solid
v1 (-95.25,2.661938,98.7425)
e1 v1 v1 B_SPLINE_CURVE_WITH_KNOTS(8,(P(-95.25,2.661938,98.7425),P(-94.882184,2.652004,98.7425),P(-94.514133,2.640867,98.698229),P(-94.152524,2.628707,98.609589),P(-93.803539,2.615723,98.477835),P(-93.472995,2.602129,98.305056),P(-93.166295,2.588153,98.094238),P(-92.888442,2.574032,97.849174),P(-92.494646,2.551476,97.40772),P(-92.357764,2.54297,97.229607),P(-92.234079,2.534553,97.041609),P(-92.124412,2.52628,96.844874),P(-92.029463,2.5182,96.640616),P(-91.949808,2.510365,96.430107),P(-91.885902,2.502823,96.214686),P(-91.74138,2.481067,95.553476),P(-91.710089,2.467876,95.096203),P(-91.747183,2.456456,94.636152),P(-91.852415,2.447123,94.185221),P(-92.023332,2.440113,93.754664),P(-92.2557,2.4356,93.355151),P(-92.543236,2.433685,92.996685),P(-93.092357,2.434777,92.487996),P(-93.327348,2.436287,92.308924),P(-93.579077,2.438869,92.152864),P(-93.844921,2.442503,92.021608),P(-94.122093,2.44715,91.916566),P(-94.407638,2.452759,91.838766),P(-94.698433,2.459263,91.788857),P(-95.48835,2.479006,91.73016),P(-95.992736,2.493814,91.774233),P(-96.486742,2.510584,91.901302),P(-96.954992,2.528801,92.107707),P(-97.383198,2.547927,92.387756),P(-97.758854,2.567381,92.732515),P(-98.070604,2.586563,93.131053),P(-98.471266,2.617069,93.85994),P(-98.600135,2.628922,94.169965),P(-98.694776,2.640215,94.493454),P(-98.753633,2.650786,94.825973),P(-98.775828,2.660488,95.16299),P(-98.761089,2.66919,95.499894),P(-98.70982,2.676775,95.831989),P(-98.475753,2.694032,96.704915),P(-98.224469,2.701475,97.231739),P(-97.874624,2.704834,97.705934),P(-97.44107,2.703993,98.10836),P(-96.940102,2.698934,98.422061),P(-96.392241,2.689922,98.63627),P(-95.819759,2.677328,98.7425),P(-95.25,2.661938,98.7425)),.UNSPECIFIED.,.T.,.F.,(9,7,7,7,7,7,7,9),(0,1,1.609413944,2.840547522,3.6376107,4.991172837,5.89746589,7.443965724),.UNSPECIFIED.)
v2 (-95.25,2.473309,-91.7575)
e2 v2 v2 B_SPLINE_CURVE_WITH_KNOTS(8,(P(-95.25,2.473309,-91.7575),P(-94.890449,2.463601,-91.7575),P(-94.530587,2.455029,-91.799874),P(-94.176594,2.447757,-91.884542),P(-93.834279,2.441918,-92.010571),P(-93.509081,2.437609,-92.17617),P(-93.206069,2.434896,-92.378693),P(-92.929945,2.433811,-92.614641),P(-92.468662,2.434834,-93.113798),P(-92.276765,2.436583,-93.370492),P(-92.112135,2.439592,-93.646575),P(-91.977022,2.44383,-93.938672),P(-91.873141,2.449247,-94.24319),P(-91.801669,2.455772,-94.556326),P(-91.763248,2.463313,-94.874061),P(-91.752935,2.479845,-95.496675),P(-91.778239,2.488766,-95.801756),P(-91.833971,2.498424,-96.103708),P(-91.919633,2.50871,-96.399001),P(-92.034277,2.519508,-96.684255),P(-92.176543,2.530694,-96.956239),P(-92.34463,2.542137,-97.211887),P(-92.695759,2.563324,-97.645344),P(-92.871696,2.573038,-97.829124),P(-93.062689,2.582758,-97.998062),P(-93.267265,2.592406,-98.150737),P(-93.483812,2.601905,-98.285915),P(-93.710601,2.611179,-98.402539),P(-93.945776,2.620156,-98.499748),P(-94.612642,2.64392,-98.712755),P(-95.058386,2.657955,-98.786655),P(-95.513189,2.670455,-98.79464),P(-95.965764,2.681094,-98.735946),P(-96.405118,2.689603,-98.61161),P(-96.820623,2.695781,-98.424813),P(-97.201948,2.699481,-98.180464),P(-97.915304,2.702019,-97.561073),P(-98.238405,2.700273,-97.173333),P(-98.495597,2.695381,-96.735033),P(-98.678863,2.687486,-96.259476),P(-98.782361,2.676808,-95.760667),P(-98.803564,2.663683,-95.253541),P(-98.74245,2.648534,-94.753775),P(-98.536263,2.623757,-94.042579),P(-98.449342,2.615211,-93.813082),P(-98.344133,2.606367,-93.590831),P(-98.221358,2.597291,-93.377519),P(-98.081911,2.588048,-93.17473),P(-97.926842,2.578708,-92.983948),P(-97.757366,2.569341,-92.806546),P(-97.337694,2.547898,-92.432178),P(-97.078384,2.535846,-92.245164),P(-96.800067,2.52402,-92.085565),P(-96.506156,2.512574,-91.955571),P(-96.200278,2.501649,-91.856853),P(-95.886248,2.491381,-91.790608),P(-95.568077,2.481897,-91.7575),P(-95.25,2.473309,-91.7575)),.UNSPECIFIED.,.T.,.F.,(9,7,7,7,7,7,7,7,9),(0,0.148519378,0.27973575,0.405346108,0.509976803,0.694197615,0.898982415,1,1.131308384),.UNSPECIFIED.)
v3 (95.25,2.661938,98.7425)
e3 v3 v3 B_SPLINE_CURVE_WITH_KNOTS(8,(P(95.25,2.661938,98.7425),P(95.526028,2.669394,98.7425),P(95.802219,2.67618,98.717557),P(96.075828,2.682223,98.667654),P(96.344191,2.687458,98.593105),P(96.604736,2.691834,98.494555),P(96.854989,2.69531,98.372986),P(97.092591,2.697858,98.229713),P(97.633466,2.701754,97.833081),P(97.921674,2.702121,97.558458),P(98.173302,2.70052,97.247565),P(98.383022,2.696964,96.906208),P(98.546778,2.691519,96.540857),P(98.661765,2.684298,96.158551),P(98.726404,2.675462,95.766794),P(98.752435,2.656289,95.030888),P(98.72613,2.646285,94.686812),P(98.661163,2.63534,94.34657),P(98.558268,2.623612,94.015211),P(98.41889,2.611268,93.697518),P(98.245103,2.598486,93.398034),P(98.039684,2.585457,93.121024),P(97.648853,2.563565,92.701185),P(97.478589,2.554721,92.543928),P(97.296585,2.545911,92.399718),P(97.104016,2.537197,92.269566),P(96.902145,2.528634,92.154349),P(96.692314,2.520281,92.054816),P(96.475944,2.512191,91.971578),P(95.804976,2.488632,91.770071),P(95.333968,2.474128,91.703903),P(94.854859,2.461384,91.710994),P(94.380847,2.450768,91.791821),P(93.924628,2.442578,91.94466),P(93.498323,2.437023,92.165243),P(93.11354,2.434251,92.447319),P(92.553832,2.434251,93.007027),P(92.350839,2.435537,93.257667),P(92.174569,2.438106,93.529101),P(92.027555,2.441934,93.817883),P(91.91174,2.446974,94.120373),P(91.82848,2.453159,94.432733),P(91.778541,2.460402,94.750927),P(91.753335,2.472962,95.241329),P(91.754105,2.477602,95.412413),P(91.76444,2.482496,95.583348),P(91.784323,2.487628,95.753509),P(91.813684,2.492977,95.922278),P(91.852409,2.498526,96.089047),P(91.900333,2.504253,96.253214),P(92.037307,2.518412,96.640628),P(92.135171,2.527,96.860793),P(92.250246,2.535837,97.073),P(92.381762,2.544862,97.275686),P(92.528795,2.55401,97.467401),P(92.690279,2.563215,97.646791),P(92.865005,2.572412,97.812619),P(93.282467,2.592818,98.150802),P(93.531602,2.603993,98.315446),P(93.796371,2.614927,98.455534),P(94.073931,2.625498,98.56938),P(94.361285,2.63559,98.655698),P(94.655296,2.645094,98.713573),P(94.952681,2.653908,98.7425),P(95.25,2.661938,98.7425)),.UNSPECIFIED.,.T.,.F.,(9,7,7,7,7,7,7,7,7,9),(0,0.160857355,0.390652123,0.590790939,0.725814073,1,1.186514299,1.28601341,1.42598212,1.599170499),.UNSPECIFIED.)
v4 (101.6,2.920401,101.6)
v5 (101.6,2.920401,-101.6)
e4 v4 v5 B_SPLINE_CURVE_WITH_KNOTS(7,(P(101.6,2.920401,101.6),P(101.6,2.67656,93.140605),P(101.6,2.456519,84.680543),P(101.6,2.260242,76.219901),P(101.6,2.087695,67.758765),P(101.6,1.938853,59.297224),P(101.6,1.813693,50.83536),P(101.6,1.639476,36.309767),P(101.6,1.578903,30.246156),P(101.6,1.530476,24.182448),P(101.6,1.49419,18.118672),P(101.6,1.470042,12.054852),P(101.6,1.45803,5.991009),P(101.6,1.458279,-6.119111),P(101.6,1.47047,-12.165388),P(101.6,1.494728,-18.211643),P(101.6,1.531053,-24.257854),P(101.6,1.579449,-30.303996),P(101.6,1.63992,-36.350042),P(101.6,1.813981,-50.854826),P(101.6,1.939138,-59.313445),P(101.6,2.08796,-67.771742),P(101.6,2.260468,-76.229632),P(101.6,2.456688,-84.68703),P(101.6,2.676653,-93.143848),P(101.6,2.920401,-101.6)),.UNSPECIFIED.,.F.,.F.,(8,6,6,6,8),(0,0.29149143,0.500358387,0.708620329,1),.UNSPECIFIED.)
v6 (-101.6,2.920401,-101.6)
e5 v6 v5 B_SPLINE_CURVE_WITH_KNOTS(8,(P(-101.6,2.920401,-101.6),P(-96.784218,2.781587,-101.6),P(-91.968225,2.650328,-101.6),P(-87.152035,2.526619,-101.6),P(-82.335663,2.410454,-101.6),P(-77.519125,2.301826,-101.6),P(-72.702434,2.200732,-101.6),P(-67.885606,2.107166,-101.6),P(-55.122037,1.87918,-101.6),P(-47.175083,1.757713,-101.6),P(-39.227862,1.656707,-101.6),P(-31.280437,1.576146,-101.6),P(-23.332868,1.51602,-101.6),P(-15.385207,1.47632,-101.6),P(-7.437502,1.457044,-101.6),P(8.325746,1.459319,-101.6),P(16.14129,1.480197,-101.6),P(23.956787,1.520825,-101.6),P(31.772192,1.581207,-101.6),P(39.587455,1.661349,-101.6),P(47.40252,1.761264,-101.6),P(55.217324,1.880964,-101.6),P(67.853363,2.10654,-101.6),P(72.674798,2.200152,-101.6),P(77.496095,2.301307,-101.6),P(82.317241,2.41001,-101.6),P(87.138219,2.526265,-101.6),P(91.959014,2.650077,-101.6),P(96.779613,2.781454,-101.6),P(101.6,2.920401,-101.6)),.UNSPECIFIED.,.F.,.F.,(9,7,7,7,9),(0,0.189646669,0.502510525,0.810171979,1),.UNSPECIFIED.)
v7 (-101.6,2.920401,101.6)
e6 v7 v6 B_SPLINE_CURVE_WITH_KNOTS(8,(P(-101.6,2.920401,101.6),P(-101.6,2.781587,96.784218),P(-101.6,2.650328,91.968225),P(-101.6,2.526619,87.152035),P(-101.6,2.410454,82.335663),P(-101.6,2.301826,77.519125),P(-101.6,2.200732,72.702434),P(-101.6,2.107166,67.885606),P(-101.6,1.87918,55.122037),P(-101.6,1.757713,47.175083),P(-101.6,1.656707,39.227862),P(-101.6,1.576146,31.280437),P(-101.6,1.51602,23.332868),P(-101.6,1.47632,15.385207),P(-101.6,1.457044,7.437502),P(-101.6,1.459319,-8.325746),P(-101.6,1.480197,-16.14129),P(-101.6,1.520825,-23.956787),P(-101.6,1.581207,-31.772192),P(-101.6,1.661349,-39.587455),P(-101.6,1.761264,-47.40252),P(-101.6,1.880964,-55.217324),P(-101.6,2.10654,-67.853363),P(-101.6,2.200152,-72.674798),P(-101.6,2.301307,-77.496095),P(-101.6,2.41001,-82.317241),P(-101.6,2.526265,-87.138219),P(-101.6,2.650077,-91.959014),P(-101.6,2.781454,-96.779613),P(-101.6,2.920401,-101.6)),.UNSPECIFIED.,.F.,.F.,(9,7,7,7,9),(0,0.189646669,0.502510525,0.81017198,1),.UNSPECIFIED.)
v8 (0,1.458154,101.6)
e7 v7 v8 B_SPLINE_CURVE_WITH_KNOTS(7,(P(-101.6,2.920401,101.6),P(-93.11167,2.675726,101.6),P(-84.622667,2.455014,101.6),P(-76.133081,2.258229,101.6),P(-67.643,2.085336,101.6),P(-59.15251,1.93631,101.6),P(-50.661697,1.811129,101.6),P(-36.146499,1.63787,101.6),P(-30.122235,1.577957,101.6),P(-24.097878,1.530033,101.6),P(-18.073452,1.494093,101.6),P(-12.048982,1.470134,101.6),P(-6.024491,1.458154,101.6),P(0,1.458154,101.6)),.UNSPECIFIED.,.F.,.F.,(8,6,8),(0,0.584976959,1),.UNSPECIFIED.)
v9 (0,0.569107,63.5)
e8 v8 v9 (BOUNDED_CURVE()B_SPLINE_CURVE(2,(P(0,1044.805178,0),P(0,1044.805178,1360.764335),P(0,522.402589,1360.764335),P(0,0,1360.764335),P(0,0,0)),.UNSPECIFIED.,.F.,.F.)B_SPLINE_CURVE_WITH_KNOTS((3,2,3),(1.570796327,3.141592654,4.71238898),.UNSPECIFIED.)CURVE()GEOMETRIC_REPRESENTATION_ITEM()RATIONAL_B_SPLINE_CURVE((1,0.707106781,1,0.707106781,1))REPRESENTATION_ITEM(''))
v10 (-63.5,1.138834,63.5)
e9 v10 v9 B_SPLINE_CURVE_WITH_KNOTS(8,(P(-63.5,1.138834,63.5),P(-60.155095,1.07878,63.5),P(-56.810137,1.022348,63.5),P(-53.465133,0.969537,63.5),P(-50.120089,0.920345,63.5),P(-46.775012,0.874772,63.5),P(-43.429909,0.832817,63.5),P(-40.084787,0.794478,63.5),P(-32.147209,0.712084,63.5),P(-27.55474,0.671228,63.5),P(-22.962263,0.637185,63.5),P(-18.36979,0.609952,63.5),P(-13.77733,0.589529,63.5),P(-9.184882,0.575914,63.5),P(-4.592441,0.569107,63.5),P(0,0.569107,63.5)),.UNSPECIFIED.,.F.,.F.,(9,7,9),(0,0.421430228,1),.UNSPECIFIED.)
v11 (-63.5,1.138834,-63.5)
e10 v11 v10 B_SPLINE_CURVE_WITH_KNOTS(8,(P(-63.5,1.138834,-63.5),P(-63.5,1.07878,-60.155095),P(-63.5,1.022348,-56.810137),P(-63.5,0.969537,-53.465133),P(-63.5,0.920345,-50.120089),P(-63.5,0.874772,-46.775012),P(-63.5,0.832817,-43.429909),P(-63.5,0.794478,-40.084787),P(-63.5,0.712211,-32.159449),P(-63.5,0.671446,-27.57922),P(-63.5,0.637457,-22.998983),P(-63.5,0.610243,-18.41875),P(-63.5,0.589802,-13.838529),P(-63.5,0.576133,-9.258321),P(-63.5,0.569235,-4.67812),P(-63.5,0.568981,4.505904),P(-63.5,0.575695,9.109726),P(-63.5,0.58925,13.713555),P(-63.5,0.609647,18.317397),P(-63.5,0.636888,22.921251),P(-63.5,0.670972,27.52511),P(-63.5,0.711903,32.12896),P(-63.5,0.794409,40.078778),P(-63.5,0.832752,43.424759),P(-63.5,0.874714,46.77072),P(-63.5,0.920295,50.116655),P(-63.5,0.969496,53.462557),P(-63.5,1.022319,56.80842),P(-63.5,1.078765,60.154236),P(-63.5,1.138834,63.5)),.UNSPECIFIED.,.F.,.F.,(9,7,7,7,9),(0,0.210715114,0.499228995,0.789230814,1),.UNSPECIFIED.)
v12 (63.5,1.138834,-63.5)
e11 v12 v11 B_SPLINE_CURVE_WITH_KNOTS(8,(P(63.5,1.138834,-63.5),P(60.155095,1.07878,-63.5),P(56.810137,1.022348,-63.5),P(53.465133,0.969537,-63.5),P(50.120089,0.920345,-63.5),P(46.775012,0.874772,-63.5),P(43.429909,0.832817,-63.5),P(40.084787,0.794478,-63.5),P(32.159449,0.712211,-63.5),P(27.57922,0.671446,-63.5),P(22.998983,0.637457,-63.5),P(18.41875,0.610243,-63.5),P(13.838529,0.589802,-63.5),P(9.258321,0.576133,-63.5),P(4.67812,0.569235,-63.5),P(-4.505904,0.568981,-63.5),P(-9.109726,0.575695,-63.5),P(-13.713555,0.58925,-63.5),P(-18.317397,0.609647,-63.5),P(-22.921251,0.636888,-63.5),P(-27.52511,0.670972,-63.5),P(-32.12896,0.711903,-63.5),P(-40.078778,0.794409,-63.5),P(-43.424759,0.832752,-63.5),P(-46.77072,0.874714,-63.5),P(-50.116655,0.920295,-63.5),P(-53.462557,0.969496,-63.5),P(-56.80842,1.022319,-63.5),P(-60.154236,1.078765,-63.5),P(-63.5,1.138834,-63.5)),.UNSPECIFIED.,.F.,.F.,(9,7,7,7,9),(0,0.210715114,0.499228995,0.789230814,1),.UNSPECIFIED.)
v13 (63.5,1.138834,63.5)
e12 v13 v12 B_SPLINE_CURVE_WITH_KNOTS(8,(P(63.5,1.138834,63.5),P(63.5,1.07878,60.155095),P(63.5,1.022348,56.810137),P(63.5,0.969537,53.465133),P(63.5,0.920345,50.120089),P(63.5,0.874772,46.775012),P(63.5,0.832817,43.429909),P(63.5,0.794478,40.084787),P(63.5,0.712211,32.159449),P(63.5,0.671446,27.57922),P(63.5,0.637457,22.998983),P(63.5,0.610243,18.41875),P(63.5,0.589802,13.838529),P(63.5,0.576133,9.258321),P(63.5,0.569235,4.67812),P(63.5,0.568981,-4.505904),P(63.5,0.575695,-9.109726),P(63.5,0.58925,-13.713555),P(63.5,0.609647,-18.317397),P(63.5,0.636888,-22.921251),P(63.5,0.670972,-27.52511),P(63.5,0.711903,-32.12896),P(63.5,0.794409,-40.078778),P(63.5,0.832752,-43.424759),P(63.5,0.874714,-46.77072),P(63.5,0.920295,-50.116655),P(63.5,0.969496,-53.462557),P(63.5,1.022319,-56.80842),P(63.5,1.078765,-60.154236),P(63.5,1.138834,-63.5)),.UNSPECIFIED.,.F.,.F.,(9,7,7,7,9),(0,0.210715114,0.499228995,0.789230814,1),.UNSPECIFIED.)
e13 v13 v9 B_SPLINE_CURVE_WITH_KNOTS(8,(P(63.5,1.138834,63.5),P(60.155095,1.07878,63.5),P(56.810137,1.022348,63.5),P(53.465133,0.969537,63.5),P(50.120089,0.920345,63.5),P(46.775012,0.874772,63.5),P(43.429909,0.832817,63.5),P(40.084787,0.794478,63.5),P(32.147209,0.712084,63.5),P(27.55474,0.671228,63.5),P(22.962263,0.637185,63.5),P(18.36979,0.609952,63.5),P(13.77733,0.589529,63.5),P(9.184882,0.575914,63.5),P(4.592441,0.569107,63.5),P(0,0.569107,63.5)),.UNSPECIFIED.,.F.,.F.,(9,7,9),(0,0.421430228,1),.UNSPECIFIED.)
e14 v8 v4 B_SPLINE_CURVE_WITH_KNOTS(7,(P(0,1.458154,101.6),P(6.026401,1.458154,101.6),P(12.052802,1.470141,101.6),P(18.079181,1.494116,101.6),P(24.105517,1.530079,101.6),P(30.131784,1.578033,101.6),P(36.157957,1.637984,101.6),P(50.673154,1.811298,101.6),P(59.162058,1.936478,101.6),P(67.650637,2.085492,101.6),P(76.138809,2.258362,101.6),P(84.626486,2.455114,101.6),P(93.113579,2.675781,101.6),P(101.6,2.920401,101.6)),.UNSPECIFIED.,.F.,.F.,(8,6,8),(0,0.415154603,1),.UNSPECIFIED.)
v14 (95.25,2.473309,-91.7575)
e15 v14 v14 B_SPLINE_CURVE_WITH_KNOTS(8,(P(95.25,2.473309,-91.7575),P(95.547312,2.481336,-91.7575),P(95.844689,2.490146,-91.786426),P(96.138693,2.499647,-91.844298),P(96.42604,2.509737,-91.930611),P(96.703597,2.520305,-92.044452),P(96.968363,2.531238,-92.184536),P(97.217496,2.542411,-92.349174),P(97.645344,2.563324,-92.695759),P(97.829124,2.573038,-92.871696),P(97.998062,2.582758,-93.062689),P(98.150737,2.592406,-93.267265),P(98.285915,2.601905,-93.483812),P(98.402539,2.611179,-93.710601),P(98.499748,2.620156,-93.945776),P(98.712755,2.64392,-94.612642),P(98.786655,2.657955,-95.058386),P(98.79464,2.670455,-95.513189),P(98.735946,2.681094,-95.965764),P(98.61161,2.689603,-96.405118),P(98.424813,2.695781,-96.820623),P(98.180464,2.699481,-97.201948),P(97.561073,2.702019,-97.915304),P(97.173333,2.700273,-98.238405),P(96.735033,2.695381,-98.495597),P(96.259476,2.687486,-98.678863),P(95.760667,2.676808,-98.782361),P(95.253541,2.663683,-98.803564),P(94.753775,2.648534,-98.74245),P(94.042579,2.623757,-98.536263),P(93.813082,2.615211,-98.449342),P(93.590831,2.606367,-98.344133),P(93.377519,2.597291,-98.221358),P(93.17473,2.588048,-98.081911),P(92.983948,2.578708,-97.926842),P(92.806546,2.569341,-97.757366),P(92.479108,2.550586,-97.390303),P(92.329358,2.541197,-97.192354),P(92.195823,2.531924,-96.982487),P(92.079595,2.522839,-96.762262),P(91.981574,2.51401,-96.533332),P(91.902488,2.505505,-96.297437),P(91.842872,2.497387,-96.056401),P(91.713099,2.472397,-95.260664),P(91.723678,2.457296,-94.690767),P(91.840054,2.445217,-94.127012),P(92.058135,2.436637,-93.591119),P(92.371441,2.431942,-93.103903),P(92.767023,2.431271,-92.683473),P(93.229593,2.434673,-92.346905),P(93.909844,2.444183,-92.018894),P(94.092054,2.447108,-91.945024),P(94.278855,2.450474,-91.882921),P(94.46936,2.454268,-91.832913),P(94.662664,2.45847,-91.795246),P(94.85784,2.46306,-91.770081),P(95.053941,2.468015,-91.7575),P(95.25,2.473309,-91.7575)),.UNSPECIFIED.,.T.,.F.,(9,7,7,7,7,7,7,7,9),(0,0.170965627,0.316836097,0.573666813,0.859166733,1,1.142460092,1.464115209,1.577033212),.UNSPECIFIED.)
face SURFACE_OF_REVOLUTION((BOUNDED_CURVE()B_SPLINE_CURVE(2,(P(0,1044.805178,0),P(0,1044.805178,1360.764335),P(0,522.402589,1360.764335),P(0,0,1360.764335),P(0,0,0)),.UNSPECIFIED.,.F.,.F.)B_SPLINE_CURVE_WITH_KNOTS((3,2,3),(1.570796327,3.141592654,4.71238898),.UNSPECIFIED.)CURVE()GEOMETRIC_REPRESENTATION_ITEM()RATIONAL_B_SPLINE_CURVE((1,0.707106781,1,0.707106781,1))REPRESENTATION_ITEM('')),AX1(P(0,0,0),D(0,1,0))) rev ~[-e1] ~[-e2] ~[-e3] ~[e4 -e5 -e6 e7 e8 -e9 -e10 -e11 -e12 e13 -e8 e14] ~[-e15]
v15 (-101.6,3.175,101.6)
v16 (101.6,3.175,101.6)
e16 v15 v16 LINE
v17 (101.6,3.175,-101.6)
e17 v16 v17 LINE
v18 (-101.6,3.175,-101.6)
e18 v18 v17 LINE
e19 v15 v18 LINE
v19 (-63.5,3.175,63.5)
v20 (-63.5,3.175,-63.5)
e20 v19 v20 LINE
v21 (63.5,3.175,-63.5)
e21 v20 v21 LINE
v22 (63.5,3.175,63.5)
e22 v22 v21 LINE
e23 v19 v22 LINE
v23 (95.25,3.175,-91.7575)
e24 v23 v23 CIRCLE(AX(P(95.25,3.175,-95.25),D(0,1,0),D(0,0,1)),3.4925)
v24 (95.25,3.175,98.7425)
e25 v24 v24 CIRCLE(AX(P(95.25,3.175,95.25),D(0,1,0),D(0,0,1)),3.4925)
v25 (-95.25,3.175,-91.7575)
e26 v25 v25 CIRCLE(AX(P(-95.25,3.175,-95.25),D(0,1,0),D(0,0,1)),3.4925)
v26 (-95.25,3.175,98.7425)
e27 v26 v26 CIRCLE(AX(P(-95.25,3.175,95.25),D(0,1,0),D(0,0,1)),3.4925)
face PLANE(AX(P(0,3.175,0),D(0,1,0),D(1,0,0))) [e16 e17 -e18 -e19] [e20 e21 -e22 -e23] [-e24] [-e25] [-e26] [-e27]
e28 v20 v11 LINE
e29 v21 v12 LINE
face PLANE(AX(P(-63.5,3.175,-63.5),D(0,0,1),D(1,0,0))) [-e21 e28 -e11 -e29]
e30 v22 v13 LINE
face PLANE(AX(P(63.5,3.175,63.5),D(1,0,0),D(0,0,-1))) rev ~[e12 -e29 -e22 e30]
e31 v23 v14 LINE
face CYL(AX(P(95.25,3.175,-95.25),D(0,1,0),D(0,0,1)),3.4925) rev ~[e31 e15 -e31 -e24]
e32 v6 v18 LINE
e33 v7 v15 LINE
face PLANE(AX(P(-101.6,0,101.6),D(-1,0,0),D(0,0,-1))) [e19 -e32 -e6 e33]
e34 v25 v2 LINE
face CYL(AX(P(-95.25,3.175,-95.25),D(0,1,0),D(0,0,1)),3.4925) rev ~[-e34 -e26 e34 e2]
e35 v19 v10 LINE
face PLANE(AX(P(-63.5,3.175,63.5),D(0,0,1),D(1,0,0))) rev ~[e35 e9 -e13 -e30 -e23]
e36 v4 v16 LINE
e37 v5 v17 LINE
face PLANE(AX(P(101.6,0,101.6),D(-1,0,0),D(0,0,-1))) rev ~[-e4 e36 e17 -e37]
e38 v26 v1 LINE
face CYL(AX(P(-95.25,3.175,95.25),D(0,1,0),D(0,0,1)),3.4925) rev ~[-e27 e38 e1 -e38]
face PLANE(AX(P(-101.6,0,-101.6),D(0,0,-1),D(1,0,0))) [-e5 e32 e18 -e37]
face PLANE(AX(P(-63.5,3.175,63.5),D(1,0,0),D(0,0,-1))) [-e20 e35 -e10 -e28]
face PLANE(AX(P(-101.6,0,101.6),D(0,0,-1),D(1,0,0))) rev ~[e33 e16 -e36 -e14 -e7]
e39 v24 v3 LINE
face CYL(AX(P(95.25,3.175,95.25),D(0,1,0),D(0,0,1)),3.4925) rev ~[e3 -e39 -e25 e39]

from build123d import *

# Parameters (mm, degrees)
SKETCH1_OUTSIDE_W   = 3521.15
SKETCH1_OUTSIDE_H   = 3521.15
SKETCH1_OUTSIDE_W_2 = 203.2
SKETCH1_OUTSIDE_H_2 = 203.2
CUT_EXTRUDE1_DEPTH  = 2190.743594482
CUT_EXTRUDE2_START  = 3.175
SKETCH5_W           = 234.523944536
SKETCH5_H           = 253.300586876
CUT_EXTRUDE2_DEPTH  = 1052.463791587
SKETCH6_R           = 3.4925
SKETCH6_W           = 127
SKETCH6_H           = 127
CUT_EXTRUDE3_DEPTH  = 144.719172925


with BuildPart() as part:
    # Sketch3 → Revolve1 (revolve)
    with BuildSketch(Plane(origin=(0, 0, 0), x_dir=(0, 0, -1), z_dir=(1, 0, 0))):
        with BuildLine():
            Line((0, 0), (0, 1044.805178237))
            add(Edge.make_bspline(
                [(0, 1044.805178237), (-1360.764334547, 1044.805178237), (-1360.764334547, 522.402589118), (-1360.764334547, 0), (0, 0)],
                knots=[1.570796327, 1.570796327, 1.570796327, 3.141592654, 3.141592654, 4.71238898, 4.71238898, 4.71238898], degree=2, weights=[1, 0.707106781, 1, 0.707106781, 1]))
        make_face()
    revolve(axis=Axis((0, 0, 0), (0, 1, 0)))

    # Sketch1 outside → Cut-Extrude1 (cut, through all)
    with BuildSketch(Plane(origin=(0, 0, 0), x_dir=(1, 0, 0), z_dir=(0, 1, 0))):
        Rectangle(SKETCH1_OUTSIDE_W, SKETCH1_OUTSIDE_H)
        Rectangle(SKETCH1_OUTSIDE_W_2, SKETCH1_OUTSIDE_H_2, mode=Mode.SUBTRACT)
    extrude(amount=CUT_EXTRUDE1_DEPTH, mode=Mode.SUBTRACT)

    # Sketch5 → Cut-Extrude2 (cut, through all)
    with BuildSketch(Plane(origin=(0, 0, 0), x_dir=(1, 0, 0), z_dir=(0, 1, 0)).offset(CUT_EXTRUDE2_START)):
        Rectangle(SKETCH5_W, SKETCH5_H)
    extrude(amount=CUT_EXTRUDE2_DEPTH, mode=Mode.SUBTRACT)

    # Sketch6 → Cut-Extrude3 (cut, through all)
    with BuildSketch(Plane(origin=(0, 3.175, 0), x_dir=(1, 0, 0), z_dir=(0, 1, 0))):
        with Locations(Location((-95.25, -95.25, 0), (0, 0, 270))):
            Circle(SKETCH6_R)
        with Locations(Location((-95.25, 95.25, 0), (0, 0, 270))):
            Circle(SKETCH6_R)
        with Locations(Location((95.25, 95.25, 0), (0, 0, 270))):
            Circle(SKETCH6_R)
        with Locations(Location((95.25, -95.25, 0), (0, 0, 270))):
            Circle(SKETCH6_R)
        Rectangle(SKETCH6_W, SKETCH6_H)
    extrude(amount=-CUT_EXTRUDE3_DEPTH, mode=Mode.SUBTRACT)


solid = part.part
